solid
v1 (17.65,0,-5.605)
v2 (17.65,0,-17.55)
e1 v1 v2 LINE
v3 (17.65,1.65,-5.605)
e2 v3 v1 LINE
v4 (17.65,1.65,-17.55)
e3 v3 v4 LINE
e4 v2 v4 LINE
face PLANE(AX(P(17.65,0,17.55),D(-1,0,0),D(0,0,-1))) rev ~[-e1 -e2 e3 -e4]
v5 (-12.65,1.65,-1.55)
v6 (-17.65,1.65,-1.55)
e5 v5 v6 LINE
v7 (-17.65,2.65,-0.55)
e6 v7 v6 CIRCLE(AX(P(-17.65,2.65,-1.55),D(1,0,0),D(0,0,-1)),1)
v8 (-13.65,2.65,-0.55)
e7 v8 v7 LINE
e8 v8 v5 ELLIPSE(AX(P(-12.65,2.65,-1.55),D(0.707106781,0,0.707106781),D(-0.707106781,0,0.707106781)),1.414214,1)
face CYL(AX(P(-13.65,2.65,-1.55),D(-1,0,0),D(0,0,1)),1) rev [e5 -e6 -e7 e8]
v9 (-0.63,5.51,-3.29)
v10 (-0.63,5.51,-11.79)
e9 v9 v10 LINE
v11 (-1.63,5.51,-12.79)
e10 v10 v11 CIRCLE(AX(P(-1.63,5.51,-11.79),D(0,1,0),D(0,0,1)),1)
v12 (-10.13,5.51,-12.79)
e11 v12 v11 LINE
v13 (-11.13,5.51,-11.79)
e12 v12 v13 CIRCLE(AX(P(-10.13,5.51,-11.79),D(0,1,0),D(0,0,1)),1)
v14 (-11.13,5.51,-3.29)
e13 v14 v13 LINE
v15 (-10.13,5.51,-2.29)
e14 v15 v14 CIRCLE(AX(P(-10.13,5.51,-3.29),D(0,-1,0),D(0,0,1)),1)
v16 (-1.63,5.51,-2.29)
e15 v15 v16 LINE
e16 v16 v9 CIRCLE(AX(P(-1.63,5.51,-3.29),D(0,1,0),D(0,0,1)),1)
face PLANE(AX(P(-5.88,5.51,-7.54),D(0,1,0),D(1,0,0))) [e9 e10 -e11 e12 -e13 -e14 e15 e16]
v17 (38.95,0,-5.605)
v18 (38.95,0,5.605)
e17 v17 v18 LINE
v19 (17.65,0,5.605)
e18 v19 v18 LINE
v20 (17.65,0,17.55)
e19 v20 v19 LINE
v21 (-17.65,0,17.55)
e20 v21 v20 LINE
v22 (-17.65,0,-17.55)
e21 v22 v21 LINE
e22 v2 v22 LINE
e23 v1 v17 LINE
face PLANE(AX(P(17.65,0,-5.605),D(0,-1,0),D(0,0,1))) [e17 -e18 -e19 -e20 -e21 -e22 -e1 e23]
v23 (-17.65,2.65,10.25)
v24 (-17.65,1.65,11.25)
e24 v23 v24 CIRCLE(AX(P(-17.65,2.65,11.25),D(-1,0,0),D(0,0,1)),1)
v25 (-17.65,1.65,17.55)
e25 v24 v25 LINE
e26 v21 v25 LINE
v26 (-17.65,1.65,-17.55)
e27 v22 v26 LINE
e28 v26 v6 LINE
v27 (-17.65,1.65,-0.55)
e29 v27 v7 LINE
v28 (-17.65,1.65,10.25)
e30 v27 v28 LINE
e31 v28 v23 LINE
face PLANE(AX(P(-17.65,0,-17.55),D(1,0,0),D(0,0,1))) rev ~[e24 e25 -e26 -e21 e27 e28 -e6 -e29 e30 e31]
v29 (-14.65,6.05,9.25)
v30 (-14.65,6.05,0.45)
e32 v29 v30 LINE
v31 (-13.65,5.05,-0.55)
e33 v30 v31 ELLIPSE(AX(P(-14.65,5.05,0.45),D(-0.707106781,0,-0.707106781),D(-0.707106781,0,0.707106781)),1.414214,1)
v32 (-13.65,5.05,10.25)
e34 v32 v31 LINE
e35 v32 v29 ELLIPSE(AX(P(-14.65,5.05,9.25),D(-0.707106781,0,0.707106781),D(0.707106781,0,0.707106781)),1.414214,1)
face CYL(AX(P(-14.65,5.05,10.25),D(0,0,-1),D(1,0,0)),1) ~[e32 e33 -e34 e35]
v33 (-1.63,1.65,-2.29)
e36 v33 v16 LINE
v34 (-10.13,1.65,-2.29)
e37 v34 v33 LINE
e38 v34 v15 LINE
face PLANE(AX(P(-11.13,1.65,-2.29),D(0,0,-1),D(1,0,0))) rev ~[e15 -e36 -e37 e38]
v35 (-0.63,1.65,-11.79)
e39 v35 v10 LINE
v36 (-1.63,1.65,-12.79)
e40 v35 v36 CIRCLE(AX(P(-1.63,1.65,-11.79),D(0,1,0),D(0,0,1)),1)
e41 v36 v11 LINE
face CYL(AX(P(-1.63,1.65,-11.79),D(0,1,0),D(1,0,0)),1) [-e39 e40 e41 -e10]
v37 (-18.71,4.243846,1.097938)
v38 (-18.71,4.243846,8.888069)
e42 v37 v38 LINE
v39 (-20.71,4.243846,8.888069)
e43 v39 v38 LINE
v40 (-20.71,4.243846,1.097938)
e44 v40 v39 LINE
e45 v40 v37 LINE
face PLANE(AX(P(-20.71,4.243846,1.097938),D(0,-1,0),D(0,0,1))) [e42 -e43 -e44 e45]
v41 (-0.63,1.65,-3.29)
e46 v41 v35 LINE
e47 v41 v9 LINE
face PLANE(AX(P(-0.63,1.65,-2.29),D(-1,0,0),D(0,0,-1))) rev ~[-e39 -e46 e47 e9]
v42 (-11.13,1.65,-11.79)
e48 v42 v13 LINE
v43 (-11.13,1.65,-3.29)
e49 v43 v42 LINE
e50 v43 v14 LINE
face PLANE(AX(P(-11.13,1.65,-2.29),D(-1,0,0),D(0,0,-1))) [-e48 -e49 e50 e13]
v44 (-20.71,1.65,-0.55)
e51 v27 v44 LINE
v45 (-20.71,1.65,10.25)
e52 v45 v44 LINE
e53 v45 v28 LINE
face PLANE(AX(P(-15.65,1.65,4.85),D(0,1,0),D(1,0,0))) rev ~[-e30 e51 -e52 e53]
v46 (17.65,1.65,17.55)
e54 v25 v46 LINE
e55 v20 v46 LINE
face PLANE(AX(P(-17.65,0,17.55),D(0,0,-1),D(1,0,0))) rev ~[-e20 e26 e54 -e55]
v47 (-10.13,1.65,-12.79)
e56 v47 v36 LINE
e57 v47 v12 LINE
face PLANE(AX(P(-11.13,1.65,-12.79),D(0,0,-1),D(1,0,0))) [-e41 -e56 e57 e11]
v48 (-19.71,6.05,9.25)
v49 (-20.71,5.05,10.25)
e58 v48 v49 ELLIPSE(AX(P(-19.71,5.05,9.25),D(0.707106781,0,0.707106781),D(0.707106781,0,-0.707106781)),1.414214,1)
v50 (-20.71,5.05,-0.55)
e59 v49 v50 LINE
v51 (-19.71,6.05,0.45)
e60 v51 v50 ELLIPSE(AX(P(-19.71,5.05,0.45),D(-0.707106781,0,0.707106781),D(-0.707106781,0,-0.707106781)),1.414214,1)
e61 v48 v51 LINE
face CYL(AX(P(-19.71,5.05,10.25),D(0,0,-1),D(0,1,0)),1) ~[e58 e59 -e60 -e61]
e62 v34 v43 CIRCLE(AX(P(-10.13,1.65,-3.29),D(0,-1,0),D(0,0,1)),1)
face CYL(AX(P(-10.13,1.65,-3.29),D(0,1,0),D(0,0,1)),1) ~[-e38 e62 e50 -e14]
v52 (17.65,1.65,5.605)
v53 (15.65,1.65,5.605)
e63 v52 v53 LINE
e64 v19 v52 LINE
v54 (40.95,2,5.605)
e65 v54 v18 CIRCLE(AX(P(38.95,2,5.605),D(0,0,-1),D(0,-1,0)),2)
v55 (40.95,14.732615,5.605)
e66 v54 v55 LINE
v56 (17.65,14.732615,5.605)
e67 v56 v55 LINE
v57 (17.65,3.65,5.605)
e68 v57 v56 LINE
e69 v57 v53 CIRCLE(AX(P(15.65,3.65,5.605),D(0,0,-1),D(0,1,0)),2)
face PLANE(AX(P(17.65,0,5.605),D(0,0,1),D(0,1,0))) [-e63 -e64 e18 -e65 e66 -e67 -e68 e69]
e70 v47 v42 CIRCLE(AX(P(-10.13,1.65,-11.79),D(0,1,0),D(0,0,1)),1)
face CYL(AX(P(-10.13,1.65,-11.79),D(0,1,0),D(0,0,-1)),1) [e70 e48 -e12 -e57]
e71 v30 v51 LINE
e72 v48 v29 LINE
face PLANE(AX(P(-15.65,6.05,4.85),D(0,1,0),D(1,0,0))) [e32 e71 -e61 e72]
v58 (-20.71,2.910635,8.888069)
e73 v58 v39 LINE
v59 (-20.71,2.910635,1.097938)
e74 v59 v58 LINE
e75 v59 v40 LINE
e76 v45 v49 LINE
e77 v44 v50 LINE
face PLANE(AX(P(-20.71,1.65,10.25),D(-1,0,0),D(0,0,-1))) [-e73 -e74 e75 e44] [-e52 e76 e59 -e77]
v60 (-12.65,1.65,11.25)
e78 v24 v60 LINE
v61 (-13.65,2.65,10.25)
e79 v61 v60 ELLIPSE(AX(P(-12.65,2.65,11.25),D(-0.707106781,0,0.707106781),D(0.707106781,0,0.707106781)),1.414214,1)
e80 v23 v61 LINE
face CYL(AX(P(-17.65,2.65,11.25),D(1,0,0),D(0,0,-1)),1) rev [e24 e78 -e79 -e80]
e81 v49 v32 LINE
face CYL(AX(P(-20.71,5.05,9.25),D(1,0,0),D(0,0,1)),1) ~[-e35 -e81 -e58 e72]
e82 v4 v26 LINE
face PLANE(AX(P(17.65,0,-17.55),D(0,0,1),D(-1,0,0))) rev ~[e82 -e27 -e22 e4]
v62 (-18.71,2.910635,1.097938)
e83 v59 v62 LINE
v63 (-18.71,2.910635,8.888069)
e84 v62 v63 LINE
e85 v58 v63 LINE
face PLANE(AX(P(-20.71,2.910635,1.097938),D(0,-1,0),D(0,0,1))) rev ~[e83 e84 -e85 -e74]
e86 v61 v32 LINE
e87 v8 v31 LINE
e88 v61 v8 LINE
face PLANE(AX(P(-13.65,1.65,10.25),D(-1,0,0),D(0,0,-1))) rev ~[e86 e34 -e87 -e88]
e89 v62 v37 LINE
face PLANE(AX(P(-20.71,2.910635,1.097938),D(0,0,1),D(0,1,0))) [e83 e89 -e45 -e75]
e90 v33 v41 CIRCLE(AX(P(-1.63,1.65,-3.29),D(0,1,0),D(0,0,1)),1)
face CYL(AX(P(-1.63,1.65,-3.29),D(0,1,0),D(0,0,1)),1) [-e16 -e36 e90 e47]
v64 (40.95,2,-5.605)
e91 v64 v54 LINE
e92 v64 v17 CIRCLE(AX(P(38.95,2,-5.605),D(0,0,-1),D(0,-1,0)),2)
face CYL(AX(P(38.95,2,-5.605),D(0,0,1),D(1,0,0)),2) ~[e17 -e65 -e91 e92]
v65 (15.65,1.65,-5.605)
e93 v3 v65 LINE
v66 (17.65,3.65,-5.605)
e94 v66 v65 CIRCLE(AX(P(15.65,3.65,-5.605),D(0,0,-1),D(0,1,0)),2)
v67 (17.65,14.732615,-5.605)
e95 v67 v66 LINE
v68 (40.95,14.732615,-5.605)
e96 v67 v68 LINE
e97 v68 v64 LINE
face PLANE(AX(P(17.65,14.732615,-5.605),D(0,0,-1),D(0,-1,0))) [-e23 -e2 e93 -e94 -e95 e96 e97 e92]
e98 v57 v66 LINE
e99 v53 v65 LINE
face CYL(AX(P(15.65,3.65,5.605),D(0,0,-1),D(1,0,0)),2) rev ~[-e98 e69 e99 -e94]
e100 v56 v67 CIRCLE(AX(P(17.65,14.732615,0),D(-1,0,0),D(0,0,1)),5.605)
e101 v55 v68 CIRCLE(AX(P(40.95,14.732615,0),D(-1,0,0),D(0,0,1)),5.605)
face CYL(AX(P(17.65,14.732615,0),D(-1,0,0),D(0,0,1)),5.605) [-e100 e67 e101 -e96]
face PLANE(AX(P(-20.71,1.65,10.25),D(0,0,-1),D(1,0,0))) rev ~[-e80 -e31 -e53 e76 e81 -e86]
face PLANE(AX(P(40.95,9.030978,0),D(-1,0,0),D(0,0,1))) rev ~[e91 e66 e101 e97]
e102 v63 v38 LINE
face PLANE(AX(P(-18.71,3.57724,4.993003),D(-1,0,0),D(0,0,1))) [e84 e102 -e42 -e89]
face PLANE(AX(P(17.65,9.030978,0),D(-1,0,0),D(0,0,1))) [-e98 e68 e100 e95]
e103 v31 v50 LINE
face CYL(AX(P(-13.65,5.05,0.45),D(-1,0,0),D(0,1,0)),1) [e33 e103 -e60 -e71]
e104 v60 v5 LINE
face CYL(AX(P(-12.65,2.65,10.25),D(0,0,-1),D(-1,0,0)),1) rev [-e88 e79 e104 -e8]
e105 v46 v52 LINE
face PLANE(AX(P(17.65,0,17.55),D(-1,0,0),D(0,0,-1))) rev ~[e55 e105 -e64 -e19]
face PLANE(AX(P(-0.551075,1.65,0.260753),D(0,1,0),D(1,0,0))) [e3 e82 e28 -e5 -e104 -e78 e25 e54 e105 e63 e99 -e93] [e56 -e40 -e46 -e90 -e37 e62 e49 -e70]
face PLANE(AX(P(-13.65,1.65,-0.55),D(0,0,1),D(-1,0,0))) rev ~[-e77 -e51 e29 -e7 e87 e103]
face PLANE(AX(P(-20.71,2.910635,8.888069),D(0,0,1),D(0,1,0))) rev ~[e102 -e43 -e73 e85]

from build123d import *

# Parameters (mm, degrees)
SKETCH1_W           = 10.5
SKETCH1_H           = 10.5
SKETCH1_W_2         = 4
SKETCH1_H_2         = 10.8
BOSS_EXTRUDE1_DEPTH = 1.65
BOSS_EXTRUDE2_START = 1.65
SKETCH1_3_W         = 4
SKETCH1_3_H         = 10.8
SKETCH1_3_W_2       = 3.06
BOSS_EXTRUDE2_DEPTH = 4.4
BOSS_EXTRUDE3_START = 1.65
SKETCH1_4_W         = 10.5
SKETCH1_4_H         = 10.5
BOSS_EXTRUDE3_DEPTH = 3.86
FILLET1_R           = 1
FILLET2_R           = 1
SKETCH2_W           = 7.790130909
SKETCH2_H           = 1.333210324
CUT_EXTRUDE1_DEPTH  = 2
FILLET3_R           = 1
BOSS_EXTRUDE4_DEPTH = 23.3
FILLET4_R           = 2
FILLET5_R           = 2


with BuildPart() as part:
    # Sketch1 → Boss-Extrude1 (new body)
    with BuildSketch(Plane(origin=(0, 0, 0), x_dir=(1, 0, 0), z_dir=(0, 1, 0))):
        Polygon((17.65, 17.55), (-17.65, 17.55), (-17.65, 0.55), (-13.65, 0.55), (-13.65, -10.25), (-17.65, -10.25), (-17.65, -17.55), (17.65, -17.55), align=None)
        with Locations((-5.88, 7.54)):
            Rectangle(SKETCH1_W, SKETCH1_H, mode=Mode.SUBTRACT)
        with Locations((-15.65, -4.85)):
            Rectangle(SKETCH1_W_2, SKETCH1_H_2)
        with Locations((-5.88, 7.54)):
            Rectangle(SKETCH1_W, SKETCH1_H)
    extrude(amount=BOSS_EXTRUDE1_DEPTH)

    # Sketch1<3> → Boss-Extrude2 (add)
    with BuildSketch(Plane(origin=(0, 0, 0), x_dir=(1, 0, 0), z_dir=(0, 1, 0)).offset(BOSS_EXTRUDE2_START)):
        with Locations((-15.65, -4.85)):
            Rectangle(SKETCH1_3_W, SKETCH1_3_H)
        with Locations((-19.18, -4.85)):
            Rectangle(SKETCH1_3_W_2, SKETCH1_3_H)
    extrude(amount=BOSS_EXTRUDE2_DEPTH)

    # Sketch1<4> → Boss-Extrude3 (add)
    with BuildSketch(Plane(origin=(0, 0, 0), x_dir=(1, 0, 0), z_dir=(0, 1, 0)).offset(BOSS_EXTRUDE3_START)):
        with Locations((-5.88, 7.54)):
            Rectangle(SKETCH1_4_W, SKETCH1_4_H)
    extrude(amount=BOSS_EXTRUDE3_DEPTH)

    # Fillet1
    fillet1_edges = [part.edges().sort_by_distance(p)[0] for p in [
        (-15.65, 1.65, 10.25),
        (-15.65, 1.65, -0.55),
        (-13.65, 1.65, 4.85),
    ]]
    fillet(fillet1_edges, radius=FILLET1_R)

    # Fillet2
    fillet2_edges = [part.edges().sort_by_distance(p)[0] for p in [
        (-17.18, 6.05, -0.55),
        (-20.71, 6.05, 4.85),
        (-17.18, 6.05, 10.25),
        (-13.65, 6.05, 4.85),
    ]]
    fillet(fillet2_edges, radius=FILLET2_R)

    # Sketch2 → Cut-Extrude1 (cut)
    with BuildSketch(Plane.ZY.offset(20.71)):
        with Locations((4.993003368, 3.577240422)):
            Rectangle(SKETCH2_W, SKETCH2_H)
    extrude(amount=-CUT_EXTRUDE1_DEPTH, mode=Mode.SUBTRACT)

    # Fillet3
    fillet3_edges = [part.edges().sort_by_distance(p)[0] for p in [
        (-11.13, 3.58, -2.29),
        (-0.63, 3.58, -2.29),
        (-0.63, 3.58, -12.79),
        (-11.13, 3.58, -12.79),
    ]]
    fillet(fillet3_edges, radius=FILLET3_R)

    # Sketch4 → Boss-Extrude4 (add)
    with BuildSketch(Plane(origin=(17.65, 0, 0), x_dir=(0, 0, -1), z_dir=(1, 0, 0))):
        with BuildLine():
            Line((-5.605, 0), (-5.605, 14.732615083))
            ThreePointArc((-5.605, 14.732615083), (0, 20.337615083), (5.605, 14.732615083))
            Line((5.605, 14.732615083), (5.605, 0))
            Line((5.605, 0), (-5.605, 0))
        make_face()
    extrude(amount=BOSS_EXTRUDE4_DEPTH)

    # Fillet4
    fillet4_edges = [part.edges().sort_by_distance(p)[0] for p in [
        (17.65, 1.65, 0),
    ]]
    fillet(fillet4_edges, radius=FILLET4_R)

    # Fillet5
    fillet5_edges = [part.edges().sort_by_distance(p)[0] for p in [
        (40.95, 0, 0),
    ]]
    fillet(fillet5_edges, radius=FILLET5_R)


solid = part.part
